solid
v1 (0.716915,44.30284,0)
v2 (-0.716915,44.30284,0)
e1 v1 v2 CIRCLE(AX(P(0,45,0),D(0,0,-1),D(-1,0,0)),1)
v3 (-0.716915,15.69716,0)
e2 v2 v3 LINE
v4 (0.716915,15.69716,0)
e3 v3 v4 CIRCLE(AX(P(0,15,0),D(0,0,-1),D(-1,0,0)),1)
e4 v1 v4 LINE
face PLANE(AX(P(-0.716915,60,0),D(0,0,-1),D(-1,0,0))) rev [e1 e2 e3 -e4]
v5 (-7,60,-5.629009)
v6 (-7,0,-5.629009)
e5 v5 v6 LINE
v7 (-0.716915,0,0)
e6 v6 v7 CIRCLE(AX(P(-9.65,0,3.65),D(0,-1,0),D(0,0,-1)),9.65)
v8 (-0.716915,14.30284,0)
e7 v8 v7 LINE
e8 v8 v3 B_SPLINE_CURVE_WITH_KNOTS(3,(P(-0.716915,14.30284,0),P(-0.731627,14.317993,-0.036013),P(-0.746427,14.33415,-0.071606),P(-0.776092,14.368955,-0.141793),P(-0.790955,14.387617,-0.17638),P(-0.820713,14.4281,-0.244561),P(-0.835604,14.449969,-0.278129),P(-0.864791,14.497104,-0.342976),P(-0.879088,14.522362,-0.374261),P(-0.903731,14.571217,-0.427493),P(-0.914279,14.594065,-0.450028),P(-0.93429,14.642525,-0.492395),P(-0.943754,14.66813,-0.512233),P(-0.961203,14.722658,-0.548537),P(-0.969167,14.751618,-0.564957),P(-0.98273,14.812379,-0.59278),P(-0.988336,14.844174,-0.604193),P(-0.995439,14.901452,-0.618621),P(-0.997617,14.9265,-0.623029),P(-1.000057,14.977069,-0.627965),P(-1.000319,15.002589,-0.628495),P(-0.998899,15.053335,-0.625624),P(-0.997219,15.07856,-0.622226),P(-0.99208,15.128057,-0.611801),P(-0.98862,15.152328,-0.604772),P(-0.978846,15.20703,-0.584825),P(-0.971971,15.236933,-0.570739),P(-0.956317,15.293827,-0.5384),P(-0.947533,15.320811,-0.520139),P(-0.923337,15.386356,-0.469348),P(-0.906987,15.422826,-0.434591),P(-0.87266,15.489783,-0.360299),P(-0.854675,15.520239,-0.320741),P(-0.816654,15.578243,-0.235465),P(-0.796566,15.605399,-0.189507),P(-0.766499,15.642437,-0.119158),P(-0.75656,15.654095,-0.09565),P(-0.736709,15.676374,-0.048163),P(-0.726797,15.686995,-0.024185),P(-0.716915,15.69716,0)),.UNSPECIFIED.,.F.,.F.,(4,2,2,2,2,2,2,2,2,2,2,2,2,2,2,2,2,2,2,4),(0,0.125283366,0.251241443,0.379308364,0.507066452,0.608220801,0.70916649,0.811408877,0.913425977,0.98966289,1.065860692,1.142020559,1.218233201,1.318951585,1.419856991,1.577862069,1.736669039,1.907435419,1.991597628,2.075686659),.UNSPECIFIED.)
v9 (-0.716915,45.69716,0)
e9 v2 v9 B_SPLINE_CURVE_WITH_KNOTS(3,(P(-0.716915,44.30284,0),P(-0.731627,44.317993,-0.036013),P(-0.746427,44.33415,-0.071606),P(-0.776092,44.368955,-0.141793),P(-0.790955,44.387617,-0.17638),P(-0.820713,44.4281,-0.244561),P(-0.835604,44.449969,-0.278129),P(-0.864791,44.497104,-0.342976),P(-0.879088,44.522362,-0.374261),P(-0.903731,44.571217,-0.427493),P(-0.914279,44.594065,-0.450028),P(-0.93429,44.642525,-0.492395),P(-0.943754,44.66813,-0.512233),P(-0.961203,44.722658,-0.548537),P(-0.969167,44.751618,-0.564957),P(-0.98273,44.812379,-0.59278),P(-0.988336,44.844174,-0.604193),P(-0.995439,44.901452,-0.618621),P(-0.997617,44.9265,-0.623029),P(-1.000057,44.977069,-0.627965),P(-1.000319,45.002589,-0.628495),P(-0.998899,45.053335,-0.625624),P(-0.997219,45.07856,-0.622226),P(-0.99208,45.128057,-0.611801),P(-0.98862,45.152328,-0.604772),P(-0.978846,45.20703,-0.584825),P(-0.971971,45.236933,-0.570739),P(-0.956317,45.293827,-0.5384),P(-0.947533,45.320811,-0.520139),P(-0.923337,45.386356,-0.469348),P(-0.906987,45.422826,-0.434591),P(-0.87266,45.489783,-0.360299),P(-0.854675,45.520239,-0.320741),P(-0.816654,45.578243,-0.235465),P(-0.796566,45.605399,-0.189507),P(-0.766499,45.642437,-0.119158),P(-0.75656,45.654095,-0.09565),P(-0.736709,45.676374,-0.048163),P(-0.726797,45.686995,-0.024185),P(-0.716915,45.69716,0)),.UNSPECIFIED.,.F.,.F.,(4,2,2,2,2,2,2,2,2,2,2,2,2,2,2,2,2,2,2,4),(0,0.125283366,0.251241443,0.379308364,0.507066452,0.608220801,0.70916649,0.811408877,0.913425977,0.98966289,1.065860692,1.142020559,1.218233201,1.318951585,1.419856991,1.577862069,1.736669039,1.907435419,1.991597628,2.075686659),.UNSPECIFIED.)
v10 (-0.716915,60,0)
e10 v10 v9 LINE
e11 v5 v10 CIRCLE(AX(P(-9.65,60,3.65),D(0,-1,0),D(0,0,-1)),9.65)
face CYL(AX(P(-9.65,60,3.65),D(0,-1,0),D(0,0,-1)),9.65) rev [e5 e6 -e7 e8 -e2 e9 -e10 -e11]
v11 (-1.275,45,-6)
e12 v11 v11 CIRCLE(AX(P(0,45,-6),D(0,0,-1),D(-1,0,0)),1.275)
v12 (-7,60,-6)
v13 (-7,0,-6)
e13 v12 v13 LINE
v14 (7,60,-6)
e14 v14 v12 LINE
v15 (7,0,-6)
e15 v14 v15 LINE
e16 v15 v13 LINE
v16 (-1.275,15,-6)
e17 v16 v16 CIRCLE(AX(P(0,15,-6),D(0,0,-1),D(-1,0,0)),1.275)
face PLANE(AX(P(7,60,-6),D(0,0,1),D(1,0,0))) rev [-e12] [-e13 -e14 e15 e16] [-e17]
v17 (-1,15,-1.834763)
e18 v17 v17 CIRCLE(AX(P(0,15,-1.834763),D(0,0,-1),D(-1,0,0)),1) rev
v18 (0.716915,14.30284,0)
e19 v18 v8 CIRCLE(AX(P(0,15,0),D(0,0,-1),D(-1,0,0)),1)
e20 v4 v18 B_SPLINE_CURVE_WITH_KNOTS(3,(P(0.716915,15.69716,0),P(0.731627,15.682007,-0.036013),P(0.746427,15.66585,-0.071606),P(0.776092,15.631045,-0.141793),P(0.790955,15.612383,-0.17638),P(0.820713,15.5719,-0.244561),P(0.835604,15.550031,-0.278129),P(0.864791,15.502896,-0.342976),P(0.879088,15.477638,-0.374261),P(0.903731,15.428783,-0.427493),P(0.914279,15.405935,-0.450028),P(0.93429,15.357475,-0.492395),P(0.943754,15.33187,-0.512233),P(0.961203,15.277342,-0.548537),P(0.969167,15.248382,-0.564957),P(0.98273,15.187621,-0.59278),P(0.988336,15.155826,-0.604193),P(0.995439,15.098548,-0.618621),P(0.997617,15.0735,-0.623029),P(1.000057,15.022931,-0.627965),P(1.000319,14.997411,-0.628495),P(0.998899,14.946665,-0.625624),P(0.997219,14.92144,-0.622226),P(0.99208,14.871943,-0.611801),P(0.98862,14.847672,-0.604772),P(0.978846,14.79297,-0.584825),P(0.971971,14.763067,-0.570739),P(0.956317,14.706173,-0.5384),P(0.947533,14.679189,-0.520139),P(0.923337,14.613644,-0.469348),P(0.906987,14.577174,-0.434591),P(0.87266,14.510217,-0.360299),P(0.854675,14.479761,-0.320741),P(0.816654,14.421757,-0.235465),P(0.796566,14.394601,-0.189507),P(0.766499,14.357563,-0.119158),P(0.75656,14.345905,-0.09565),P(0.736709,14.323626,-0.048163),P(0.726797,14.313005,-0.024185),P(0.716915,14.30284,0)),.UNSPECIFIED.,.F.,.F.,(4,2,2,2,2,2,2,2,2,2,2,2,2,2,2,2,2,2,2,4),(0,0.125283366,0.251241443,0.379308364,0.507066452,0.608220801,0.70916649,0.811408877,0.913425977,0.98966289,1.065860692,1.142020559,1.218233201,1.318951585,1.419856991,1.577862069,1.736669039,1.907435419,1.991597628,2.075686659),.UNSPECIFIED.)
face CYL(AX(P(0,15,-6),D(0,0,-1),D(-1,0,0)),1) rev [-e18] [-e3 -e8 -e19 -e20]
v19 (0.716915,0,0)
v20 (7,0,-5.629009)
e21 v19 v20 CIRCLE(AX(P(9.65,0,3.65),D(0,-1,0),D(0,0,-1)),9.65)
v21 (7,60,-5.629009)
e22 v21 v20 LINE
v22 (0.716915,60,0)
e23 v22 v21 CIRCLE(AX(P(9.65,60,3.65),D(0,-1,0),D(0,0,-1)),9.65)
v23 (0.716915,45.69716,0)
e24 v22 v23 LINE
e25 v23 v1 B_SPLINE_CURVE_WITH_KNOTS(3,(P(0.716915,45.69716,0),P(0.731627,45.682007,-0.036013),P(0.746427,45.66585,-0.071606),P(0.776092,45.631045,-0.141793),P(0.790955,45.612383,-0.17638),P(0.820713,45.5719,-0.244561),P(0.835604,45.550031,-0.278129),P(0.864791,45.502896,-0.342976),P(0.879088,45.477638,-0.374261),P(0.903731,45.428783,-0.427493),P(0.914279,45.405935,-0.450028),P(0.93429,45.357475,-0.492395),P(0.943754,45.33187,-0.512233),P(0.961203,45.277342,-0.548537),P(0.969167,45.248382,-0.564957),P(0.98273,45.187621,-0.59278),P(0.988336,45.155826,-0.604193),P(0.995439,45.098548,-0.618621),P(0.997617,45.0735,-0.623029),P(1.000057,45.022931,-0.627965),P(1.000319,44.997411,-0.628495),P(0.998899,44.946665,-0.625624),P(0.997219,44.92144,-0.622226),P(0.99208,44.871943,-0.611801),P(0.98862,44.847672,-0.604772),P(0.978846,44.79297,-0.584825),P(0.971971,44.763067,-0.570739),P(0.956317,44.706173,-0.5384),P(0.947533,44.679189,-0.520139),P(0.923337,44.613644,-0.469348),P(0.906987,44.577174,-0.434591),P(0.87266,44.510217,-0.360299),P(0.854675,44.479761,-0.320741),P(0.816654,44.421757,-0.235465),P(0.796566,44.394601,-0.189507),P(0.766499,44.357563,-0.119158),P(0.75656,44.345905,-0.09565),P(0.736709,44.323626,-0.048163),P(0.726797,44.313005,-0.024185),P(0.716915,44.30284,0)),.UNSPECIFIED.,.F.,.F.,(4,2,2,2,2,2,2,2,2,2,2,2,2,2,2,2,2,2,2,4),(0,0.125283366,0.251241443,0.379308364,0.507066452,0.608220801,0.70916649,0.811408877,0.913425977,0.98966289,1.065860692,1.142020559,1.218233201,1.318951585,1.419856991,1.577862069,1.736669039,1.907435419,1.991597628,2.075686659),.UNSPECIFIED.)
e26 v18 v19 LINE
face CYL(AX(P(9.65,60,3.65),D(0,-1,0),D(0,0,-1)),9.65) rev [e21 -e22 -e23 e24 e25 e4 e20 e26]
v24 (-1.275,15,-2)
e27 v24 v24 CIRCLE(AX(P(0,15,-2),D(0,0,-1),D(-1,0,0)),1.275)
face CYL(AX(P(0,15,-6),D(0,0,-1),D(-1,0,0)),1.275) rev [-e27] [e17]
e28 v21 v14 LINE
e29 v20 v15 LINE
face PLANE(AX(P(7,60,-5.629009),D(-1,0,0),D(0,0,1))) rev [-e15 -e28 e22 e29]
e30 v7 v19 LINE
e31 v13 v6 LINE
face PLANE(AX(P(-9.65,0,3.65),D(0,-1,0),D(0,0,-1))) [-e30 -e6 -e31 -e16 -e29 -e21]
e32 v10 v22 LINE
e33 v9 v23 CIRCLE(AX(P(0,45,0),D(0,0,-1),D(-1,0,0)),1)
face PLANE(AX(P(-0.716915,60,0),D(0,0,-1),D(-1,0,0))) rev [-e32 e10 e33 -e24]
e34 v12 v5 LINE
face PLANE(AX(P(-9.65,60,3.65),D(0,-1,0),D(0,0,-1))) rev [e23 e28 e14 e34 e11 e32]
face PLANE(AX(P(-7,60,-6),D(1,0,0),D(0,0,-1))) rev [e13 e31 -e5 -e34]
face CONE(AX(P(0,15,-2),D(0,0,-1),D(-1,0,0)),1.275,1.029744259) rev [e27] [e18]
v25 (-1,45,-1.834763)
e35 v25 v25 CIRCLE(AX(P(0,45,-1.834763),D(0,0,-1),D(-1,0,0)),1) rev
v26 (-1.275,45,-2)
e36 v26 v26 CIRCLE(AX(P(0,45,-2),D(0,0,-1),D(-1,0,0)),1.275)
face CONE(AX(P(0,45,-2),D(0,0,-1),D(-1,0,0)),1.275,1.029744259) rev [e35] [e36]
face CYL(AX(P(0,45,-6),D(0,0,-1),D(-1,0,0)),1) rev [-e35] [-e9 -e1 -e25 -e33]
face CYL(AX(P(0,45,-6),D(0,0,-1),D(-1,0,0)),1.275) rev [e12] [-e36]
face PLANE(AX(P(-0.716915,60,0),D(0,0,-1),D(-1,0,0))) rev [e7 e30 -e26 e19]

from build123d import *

# Parameters (mm, degrees)
BOSS_EXTRUDE1_DEPTH                       = 60
TAPPED_HOLE_FOR_M2_5X0_45_HELICOIL1_D     = 2.55
TAPPED_HOLE_FOR_M2_5X0_45_HELICOIL1_DEPTH = 4
TAPPED_HOLE_FOR_M2_5X0_45_HELICOIL1_TIP   = 0.766097289
F_2_0MM_DOWEL_HOLE1_D                     = 2
F_2_0MM_DOWEL_HOLE1_DEPTH                 = 6.45
F_2_0MM_DOWEL_HOLE1_TIP                   = 0.600860619


with BuildPart() as part:
    # Sketch1 → Boss-Extrude1 (new body)
    with BuildSketch(Plane(origin=(0, 0, 0), x_dir=(1, 0, 0), z_dir=(0, 1, 0))):
        with BuildLine():
            Line((-0.716915426, 0), (0.716915426, 0))
            ThreePointArc((0.716915426, 0), (3.210792252, 3.53742677), (7, 5.629008568))
            Line((7, 5.629008568), (7, 6))
            Line((7, 6), (-7, 6))
            Line((-7, 6), (-7, 5.629008568))
            ThreePointArc((-7, 5.629008568), (-3.210792252, 3.53742677), (-0.716915426, 0))
        make_face()
    extrude(amount=BOSS_EXTRUDE1_DEPTH)

    # Tapped Hole for M2.5x0.45 Helicoil1
    with Locations(Plane(origin=(0, 45, -6), x_dir=(-1, 0, 0), z_dir=(0, 0, -1))):
        with Locations((0, 0), (0, -30)):
            Hole(TAPPED_HOLE_FOR_M2_5X0_45_HELICOIL1_D / 2, depth=TAPPED_HOLE_FOR_M2_5X0_45_HELICOIL1_DEPTH)
            with Locations((0, 0, -(TAPPED_HOLE_FOR_M2_5X0_45_HELICOIL1_DEPTH + TAPPED_HOLE_FOR_M2_5X0_45_HELICOIL1_TIP / 2))):  # 118° drill point
                Cone(0, TAPPED_HOLE_FOR_M2_5X0_45_HELICOIL1_D / 2, TAPPED_HOLE_FOR_M2_5X0_45_HELICOIL1_TIP, mode=Mode.SUBTRACT)

    # Ø2.0mm Dowel Hole1
    with Locations(Plane(origin=(0, 45, -6), x_dir=(-1, 0, 0), z_dir=(0, 0, -1))):
        with Locations((0, 0), (0, -30)):
            Hole(F_2_0MM_DOWEL_HOLE1_D / 2, depth=F_2_0MM_DOWEL_HOLE1_DEPTH)
            with Locations((0, 0, -(F_2_0MM_DOWEL_HOLE1_DEPTH + F_2_0MM_DOWEL_HOLE1_TIP / 2))):  # 118° drill point
                Cone(0, F_2_0MM_DOWEL_HOLE1_D / 2, F_2_0MM_DOWEL_HOLE1_TIP, mode=Mode.SUBTRACT)


solid = part.part
